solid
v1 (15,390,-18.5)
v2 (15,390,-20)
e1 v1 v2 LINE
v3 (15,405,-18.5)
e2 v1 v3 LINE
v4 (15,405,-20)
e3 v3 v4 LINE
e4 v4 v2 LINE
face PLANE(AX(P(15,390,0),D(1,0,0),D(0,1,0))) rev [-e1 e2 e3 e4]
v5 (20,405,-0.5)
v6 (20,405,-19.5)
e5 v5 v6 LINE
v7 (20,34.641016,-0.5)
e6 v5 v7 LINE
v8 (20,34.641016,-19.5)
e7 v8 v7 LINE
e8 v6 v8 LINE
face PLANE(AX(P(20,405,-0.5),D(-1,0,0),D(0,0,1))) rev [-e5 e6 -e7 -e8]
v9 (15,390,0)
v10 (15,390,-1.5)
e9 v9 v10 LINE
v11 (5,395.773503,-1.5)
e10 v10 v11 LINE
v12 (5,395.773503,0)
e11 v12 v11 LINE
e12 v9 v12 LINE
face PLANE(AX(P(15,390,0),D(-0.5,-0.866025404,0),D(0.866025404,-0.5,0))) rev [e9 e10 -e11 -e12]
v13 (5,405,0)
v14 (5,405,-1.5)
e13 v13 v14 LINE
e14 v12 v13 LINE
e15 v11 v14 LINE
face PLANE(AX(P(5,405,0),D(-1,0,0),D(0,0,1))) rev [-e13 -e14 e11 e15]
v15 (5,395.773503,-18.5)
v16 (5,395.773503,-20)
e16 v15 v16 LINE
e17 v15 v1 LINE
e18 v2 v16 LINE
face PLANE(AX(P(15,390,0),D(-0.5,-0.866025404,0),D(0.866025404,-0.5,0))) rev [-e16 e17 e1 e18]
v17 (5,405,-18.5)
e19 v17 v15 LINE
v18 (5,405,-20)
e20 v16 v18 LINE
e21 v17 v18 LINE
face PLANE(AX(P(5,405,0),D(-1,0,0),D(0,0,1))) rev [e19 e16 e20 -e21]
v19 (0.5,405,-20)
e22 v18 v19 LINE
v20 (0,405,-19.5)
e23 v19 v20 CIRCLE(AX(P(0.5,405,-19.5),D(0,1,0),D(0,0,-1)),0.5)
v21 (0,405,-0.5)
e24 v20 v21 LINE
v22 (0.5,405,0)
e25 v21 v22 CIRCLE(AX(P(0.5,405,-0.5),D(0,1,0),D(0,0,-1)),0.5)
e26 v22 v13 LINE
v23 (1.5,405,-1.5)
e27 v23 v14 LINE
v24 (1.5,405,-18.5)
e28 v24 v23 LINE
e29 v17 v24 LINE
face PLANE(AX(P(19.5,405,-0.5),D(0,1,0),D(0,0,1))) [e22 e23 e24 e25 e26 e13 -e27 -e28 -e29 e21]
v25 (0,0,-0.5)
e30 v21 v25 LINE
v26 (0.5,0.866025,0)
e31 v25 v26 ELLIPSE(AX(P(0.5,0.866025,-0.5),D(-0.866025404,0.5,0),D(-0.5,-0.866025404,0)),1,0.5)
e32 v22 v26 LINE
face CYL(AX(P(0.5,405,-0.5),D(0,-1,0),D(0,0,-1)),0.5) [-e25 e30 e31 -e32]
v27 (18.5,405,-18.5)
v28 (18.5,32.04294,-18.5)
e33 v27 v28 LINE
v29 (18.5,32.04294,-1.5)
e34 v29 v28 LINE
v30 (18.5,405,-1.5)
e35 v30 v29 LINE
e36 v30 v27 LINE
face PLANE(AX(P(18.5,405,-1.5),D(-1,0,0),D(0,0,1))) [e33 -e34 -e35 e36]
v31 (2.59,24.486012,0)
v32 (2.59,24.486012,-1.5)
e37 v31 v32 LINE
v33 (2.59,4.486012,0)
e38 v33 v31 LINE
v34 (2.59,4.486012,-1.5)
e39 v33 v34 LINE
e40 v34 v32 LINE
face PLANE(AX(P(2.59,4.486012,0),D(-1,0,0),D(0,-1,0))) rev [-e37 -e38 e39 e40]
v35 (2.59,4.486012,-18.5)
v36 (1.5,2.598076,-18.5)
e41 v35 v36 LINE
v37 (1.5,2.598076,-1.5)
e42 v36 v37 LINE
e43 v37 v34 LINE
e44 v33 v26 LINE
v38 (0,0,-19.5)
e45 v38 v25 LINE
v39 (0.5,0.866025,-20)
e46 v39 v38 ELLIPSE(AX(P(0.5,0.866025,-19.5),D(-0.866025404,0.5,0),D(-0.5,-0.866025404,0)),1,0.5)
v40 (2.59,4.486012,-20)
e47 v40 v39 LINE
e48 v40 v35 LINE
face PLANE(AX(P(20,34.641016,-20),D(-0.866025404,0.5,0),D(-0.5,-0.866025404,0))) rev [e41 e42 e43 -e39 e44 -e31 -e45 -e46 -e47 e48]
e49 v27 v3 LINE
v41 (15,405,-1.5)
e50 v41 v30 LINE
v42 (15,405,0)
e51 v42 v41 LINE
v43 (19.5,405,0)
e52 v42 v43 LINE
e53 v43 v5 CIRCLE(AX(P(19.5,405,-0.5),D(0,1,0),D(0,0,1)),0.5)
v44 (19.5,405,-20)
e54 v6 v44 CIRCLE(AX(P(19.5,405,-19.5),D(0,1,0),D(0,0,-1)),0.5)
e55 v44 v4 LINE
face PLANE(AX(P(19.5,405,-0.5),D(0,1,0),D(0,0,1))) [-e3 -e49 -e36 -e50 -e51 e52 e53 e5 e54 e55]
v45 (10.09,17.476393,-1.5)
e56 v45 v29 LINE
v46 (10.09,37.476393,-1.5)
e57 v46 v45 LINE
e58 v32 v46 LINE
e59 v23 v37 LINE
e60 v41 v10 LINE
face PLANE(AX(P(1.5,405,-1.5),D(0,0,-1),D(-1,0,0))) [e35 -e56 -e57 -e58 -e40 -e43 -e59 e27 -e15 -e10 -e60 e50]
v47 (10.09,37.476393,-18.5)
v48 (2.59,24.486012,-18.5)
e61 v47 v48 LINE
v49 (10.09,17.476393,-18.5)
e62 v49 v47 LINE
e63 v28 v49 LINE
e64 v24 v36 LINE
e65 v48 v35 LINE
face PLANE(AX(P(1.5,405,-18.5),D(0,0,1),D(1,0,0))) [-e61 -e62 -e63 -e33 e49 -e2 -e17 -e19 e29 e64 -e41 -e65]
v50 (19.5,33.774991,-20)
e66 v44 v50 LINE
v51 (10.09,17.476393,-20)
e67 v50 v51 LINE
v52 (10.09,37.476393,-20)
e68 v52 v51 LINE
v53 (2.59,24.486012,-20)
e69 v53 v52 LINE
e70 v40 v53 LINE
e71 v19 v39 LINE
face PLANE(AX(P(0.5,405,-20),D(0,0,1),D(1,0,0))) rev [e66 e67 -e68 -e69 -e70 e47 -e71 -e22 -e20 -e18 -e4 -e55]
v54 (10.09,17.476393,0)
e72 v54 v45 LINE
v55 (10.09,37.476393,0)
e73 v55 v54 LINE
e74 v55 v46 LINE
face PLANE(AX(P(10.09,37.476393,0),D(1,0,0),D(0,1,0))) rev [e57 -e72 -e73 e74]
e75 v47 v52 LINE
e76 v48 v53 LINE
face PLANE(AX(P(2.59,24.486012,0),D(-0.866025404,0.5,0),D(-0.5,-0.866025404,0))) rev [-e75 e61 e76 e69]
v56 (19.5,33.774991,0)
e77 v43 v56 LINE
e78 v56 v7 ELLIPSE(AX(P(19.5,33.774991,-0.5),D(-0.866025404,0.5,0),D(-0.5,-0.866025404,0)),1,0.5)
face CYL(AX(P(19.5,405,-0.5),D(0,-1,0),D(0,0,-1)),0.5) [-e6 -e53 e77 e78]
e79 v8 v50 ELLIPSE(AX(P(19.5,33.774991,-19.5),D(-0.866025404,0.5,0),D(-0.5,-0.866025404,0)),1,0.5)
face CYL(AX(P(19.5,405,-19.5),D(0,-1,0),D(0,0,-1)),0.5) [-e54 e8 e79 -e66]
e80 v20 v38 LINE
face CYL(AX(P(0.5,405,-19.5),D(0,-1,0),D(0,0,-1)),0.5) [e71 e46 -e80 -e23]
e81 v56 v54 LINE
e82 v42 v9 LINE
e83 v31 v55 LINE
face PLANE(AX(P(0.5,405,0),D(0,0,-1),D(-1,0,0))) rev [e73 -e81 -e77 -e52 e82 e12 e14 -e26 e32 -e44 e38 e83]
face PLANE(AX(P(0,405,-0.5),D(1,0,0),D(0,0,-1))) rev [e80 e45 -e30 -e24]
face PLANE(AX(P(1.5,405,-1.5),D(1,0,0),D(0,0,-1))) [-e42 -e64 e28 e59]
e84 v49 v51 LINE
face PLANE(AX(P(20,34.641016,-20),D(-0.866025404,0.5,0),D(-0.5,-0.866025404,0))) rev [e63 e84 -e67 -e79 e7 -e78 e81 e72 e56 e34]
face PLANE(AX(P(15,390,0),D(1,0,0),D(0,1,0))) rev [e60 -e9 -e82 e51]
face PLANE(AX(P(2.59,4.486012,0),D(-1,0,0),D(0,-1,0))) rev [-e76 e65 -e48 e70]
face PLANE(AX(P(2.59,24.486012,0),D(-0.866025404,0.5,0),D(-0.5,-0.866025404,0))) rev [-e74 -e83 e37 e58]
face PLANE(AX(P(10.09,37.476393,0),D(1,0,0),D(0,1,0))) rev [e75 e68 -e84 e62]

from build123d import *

# Parameters (mm, degrees)
SKETCH1_W           = 17
SKETCH1_H           = 17
BOSS_EXTRUDE1_DEPTH = 405
CUT_EXTRUDE2_DEPTH  = 406.986452976
CUT_EXTRUDE4_DEPTH  = 20
CUT_EXTRUDE5_DEPTH  = 406.986452976


with BuildPart() as part:
    # Sketch1 → Boss-Extrude1 (new body)
    with BuildSketch(Plane(origin=(0, 0, 0), x_dir=(1, 0, 0), z_dir=(0, 1, 0))):
        with BuildLine():
            Line((0.5, 0), (19.5, 0))
            ThreePointArc((19.5, 0), (19.853553391, 0.146446609), (20, 0.5))
            Line((20, 0.5), (20, 19.5))
            ThreePointArc((20, 19.5), (19.853553391, 19.853553391), (19.5, 20))
            Line((19.5, 20), (0.5, 20))
            ThreePointArc((0.5, 20), (0.146446609, 19.853553391), (0, 19.5))
            Line((0, 19.5), (0, 0.5))
            ThreePointArc((0, 0.5), (0.146446609, 0.146446609), (0.5, 0))
        make_face()
        with Locations((10, 10)):
            Rectangle(SKETCH1_W, SKETCH1_H, mode=Mode.SUBTRACT)
    extrude(amount=BOSS_EXTRUDE1_DEPTH)

    # Sketch4 → Cut-Extrude2 (cut, through all)
    with BuildSketch(Plane(origin=(0, 0, -20), x_dir=(-1, 0, 0), z_dir=(0, 0, -1))):
        Polygon((-5, 405), (-5, 395.773502692), (-15, 390), (-15, 405), align=None)
    extrude(amount=-CUT_EXTRUDE2_DEPTH, mode=Mode.SUBTRACT)

    # Sketch2 → Cut-Extrude4 (cut)
    with BuildSketch(Plane.XY):
        Polygon((20, 0), (20, 34.641016151), (0, 0), align=None)
    extrude(amount=-CUT_EXTRUDE4_DEPTH, mode=Mode.SUBTRACT)

    # Sketch6 → Cut-Extrude5 (cut, through all)
    with BuildSketch(Plane(origin=(0, 0, -20), x_dir=(-1, 0, 0), z_dir=(0, 0, -1))):
        Polygon((-2.59, 4.486011592), (-2.59, 24.486011592), (-10.09, 37.476392648), (-10.09, 17.476392648), align=None)
    extrude(amount=-CUT_EXTRUDE5_DEPTH, mode=Mode.SUBTRACT)


solid = part.part
